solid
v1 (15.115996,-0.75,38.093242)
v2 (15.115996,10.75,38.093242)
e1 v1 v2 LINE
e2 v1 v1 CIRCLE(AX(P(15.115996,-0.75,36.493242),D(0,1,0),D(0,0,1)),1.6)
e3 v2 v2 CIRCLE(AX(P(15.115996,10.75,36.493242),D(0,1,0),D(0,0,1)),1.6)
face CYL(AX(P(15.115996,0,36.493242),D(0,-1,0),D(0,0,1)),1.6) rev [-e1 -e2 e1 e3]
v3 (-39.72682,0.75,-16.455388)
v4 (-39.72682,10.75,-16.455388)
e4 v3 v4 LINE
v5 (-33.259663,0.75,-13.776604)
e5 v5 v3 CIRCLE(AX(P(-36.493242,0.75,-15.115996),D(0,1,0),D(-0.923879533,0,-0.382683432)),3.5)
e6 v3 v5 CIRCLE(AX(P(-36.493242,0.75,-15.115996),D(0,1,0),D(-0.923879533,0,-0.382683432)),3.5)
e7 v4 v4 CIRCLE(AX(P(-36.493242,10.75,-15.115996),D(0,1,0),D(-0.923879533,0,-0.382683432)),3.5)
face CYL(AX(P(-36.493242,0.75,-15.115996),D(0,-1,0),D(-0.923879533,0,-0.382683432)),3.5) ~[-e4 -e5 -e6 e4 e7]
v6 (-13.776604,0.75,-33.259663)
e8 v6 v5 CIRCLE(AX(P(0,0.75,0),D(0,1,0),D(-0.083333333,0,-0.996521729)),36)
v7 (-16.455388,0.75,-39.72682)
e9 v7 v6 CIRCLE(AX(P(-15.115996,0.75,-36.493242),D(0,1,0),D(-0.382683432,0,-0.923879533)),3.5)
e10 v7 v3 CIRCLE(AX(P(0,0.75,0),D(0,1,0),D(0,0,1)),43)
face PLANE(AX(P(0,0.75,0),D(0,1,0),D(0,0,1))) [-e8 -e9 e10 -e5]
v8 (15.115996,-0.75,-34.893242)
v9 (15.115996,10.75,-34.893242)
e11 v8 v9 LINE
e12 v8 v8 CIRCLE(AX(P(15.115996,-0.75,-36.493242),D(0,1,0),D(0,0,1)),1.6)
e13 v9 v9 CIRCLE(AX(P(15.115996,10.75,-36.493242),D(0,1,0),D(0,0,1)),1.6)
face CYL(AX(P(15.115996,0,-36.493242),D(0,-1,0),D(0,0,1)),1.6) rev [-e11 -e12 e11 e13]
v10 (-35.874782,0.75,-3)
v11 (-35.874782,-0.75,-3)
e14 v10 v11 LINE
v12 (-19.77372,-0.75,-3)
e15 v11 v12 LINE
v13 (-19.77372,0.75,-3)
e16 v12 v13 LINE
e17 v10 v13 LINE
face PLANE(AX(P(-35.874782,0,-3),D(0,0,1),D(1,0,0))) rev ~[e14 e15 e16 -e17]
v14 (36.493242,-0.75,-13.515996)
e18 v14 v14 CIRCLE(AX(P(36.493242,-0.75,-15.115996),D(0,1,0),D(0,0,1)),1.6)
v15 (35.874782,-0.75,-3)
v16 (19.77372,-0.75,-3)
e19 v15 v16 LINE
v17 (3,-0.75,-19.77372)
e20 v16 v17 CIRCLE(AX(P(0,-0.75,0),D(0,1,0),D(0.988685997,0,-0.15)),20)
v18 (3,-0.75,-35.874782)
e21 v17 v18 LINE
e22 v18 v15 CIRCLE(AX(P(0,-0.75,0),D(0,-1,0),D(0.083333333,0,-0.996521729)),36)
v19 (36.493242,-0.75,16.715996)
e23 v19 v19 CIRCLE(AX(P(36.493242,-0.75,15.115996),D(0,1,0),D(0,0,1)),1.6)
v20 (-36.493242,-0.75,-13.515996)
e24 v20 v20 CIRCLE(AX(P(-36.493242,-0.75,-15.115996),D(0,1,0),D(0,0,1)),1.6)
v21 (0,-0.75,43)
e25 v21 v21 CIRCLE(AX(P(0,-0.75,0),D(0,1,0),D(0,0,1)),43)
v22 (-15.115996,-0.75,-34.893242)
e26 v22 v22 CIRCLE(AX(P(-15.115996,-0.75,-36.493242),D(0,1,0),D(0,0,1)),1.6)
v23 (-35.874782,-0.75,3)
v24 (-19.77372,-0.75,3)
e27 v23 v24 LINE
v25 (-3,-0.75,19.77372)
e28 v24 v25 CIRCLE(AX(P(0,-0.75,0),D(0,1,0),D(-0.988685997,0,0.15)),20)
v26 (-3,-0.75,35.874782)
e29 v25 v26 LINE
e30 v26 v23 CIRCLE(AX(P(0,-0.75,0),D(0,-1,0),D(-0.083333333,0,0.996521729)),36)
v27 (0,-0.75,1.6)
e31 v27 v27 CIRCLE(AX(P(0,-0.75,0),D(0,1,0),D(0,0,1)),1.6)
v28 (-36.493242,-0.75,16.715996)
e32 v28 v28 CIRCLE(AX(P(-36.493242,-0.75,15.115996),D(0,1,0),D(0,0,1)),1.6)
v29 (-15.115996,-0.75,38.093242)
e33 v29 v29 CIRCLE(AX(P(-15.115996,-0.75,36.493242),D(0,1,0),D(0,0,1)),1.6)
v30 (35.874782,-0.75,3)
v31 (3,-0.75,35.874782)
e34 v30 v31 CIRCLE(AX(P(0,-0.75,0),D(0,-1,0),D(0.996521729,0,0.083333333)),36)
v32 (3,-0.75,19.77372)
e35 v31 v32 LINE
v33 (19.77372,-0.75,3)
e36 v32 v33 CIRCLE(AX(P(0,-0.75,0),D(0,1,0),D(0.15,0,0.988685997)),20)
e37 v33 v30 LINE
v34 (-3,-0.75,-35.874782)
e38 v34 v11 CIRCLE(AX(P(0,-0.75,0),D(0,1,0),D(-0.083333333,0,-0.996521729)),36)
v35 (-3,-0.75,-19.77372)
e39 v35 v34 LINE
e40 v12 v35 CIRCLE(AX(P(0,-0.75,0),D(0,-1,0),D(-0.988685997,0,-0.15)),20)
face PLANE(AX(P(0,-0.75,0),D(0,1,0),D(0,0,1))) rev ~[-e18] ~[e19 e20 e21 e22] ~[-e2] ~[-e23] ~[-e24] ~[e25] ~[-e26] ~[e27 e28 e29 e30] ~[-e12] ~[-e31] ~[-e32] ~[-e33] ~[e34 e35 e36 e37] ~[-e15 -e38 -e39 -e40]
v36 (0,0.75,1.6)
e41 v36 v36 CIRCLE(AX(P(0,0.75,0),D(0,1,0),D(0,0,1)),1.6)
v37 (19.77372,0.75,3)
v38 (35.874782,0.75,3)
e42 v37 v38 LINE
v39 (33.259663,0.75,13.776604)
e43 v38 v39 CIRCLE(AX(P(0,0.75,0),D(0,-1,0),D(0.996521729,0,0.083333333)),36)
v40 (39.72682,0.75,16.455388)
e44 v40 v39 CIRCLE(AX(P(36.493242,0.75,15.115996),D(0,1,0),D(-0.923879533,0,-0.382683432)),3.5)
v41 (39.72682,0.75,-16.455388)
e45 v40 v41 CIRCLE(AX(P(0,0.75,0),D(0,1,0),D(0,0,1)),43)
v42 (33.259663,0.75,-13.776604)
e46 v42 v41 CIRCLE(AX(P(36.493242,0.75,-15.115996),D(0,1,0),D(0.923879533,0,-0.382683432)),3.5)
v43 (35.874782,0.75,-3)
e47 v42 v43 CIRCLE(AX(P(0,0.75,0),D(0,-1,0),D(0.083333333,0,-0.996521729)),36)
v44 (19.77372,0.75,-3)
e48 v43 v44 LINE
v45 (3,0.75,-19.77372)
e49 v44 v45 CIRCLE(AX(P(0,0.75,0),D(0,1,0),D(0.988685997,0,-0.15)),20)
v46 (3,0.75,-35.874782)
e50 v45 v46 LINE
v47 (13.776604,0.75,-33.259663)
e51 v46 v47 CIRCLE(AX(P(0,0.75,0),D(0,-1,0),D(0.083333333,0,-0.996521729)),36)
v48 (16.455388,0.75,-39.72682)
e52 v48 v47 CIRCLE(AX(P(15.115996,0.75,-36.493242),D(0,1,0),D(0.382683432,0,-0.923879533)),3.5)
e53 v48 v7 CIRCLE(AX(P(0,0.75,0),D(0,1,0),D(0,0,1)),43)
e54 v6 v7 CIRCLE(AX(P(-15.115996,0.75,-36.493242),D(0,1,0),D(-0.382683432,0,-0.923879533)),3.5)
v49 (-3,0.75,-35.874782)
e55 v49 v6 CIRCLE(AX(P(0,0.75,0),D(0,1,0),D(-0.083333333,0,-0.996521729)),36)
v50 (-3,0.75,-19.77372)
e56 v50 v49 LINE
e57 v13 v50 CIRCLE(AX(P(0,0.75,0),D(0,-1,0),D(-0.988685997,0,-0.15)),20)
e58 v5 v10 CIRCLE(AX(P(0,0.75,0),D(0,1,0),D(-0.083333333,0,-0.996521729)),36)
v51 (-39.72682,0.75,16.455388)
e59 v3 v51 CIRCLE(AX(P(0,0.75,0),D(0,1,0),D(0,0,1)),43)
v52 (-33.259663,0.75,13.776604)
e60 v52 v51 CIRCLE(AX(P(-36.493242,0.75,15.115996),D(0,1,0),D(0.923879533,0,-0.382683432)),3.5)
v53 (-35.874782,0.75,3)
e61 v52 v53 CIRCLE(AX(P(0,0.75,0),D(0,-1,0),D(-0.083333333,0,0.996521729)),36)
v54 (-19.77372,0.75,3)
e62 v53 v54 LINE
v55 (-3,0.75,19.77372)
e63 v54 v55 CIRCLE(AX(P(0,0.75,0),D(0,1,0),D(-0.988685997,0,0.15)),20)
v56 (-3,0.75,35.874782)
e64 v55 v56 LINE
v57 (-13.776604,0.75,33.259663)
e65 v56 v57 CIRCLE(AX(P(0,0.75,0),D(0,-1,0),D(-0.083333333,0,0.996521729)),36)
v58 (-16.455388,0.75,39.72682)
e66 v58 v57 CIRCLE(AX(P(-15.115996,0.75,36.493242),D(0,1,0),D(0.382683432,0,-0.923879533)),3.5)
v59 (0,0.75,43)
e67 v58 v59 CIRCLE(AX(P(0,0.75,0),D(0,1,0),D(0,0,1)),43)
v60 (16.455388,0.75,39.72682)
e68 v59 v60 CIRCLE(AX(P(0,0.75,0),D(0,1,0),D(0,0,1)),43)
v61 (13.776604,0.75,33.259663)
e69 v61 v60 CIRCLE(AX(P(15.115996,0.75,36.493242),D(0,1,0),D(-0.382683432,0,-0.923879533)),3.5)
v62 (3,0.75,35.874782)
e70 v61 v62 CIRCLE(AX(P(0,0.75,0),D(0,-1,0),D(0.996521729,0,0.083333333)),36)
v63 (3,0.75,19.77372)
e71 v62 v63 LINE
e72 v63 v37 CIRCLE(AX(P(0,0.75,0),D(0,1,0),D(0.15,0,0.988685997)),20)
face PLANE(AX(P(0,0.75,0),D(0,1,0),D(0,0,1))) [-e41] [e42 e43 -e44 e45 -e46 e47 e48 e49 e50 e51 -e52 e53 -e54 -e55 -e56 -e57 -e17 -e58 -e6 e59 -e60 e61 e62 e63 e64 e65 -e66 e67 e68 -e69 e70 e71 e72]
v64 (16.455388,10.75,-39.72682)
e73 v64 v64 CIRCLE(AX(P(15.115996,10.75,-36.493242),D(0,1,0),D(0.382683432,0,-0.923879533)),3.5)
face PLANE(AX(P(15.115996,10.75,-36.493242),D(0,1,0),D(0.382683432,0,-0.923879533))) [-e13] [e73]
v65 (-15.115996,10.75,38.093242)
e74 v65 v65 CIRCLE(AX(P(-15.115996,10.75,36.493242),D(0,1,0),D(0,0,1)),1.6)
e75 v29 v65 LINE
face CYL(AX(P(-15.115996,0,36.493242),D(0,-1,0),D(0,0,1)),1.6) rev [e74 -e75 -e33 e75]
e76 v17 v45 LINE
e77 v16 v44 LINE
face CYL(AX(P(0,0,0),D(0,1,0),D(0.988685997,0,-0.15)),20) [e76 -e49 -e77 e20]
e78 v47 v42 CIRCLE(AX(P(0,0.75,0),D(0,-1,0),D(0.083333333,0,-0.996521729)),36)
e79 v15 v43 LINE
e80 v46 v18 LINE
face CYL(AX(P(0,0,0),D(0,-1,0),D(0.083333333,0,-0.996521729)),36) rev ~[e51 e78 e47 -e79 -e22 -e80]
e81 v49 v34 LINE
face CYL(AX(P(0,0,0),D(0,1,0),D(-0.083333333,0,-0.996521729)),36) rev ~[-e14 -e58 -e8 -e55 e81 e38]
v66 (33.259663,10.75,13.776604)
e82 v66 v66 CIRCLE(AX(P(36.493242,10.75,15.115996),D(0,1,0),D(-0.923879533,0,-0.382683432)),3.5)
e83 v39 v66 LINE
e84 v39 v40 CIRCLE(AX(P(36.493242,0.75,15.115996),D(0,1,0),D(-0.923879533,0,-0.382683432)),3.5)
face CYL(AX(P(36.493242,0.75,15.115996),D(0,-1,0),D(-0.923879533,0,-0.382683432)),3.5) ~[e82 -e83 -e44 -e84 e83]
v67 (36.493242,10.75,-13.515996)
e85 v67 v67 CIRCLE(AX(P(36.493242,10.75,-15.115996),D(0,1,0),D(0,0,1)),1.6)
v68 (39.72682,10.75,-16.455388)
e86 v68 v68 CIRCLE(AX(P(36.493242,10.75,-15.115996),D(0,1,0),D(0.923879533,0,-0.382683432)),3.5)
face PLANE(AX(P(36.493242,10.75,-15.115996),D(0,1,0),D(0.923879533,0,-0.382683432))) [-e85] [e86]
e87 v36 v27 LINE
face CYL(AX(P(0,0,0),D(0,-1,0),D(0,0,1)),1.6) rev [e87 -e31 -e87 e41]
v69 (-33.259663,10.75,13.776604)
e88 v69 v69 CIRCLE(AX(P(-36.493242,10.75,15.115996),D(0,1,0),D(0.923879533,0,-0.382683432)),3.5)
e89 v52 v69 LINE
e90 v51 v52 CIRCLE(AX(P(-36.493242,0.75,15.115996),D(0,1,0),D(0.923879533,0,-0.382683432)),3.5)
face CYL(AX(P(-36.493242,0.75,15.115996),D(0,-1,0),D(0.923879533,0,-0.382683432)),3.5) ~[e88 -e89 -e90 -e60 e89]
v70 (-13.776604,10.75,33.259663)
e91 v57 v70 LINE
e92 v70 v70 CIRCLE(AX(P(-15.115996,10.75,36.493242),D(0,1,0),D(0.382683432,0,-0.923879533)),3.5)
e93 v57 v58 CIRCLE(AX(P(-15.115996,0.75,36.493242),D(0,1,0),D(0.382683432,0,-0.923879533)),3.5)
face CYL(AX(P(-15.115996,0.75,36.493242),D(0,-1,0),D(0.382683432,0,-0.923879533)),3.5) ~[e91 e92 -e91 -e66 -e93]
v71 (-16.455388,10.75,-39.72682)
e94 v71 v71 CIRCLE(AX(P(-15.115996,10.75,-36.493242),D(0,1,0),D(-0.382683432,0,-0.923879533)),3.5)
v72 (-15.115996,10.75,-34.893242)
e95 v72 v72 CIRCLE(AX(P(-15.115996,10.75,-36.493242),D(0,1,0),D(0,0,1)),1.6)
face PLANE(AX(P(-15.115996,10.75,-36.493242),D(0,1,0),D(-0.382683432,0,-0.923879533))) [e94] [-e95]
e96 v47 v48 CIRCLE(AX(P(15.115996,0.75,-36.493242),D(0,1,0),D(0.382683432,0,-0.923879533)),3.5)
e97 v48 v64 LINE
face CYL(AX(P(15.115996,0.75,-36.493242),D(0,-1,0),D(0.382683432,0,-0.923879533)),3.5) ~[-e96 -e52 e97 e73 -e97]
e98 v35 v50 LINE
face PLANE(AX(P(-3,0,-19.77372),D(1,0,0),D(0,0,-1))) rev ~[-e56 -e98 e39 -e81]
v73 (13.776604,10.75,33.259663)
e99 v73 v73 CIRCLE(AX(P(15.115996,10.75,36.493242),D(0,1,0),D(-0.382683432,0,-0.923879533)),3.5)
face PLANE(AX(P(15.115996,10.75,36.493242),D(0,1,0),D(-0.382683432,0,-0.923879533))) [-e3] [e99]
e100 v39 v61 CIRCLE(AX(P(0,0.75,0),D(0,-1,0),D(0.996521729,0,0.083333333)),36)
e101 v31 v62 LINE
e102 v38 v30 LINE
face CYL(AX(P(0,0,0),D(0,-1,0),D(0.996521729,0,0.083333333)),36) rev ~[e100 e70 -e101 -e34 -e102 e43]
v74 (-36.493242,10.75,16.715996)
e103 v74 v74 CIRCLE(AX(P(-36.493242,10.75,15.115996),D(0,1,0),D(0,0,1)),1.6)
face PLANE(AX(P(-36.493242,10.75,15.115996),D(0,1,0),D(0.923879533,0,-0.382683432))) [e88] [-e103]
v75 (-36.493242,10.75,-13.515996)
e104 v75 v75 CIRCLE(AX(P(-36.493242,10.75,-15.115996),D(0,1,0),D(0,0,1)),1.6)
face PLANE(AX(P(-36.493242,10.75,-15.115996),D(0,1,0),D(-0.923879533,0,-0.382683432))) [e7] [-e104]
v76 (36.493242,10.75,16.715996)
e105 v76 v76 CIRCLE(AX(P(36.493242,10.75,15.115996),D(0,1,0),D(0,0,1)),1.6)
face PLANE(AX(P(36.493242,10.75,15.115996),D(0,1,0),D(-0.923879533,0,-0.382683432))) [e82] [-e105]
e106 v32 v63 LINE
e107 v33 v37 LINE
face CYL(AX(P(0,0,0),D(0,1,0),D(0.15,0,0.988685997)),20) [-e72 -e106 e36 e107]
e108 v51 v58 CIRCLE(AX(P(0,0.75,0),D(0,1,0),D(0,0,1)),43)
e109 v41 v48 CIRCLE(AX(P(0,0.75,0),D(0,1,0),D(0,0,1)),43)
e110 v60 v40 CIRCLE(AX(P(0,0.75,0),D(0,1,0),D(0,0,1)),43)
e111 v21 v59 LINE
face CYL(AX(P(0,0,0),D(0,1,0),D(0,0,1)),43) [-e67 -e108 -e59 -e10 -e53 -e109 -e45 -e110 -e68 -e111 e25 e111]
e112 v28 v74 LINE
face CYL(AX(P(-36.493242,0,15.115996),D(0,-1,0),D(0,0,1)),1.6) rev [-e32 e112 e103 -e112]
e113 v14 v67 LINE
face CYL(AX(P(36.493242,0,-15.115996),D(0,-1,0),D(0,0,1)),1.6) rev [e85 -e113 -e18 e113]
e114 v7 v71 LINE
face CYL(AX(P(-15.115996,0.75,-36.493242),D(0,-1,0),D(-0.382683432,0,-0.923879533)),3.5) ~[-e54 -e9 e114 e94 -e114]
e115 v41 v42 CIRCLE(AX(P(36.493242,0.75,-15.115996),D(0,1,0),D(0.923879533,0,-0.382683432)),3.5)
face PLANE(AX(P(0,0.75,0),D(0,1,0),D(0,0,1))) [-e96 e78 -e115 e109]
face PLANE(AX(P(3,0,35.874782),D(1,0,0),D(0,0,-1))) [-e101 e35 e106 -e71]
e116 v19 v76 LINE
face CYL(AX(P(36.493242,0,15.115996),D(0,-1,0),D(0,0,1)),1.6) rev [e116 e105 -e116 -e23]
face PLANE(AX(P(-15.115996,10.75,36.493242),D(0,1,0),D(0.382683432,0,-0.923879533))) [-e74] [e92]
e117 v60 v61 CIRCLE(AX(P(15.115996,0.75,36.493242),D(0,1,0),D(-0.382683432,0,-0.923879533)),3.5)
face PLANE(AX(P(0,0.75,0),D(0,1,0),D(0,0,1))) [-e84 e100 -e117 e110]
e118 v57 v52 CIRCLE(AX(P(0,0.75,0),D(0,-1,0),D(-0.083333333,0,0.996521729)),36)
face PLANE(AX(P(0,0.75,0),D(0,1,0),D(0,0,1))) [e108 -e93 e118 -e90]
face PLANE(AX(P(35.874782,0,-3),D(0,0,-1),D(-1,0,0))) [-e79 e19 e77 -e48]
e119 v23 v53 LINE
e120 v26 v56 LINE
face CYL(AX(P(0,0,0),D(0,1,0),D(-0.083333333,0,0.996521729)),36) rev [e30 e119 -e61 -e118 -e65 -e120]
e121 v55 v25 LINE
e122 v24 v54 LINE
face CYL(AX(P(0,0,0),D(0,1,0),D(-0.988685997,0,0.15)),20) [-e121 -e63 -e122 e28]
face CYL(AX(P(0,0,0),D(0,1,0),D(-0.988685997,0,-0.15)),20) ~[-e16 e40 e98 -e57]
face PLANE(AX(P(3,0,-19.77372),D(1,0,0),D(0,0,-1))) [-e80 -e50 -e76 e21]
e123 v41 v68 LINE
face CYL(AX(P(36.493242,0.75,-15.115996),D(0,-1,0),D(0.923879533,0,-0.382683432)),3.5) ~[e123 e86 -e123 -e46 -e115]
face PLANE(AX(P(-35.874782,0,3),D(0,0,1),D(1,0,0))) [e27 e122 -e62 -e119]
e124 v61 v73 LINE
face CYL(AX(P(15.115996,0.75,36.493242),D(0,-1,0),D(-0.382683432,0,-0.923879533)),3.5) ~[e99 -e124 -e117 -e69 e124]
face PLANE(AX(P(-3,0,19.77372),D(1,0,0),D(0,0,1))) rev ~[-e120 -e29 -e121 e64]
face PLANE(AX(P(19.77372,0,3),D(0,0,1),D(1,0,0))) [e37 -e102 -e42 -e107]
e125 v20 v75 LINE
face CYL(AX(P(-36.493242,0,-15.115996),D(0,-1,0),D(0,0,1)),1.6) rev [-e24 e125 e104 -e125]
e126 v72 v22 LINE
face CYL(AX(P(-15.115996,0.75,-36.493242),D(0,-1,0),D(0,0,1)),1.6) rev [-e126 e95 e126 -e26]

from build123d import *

# Parameters (mm, degrees)
ESBO_O1_R                = 43
ESBO_O1_R_2              = 1.6
RESSALTO_EXTRUS_O1_DEPTH = 0.75
ESBO_O2_R                = 3.5
ESBO_O2_R_2              = 1.6
RESSALTO_EXTRUS_O3_DEPTH = 10


with BuildPart() as part:
    # Esboço1 → Ressalto-extrusão1 (new, symmetric)
    with BuildSketch(Plane(origin=(0, 0, 0), x_dir=(1, 0, 0), z_dir=(0, 1, 0))):
        with Locations(Location((0, 0, 0), (0, 0, 270))):
            Circle(ESBO_O1_R)
        with Locations(Location((-36.493241534, 15.115995578, 0), (0, 0, 270))):
            Circle(ESBO_O1_R_2, mode=Mode.SUBTRACT)
        with Locations(Location((-15.115995578, 36.493241534, 0), (0, 0, 270))):
            Circle(ESBO_O1_R_2, mode=Mode.SUBTRACT)
        with Locations(Location((15.115995578, 36.493241534, 0), (0, 0, 270))):
            Circle(ESBO_O1_R_2, mode=Mode.SUBTRACT)
        with Locations(Location((36.493241534, 15.115995578, 0), (0, 0, 270))):
            Circle(ESBO_O1_R_2, mode=Mode.SUBTRACT)
        with Locations(Location((36.493241534, -15.115995578, 0), (0, 0, 270))):
            Circle(ESBO_O1_R_2, mode=Mode.SUBTRACT)
        with Locations(Location((15.115995578, -36.493241534, 0), (0, 0, 270))):
            Circle(ESBO_O1_R_2, mode=Mode.SUBTRACT)
        with Locations(Location((-15.115995578, -36.493241534, 0), (0, 0, 270))):
            Circle(ESBO_O1_R_2, mode=Mode.SUBTRACT)
        with Locations(Location((-36.493241534, -15.115995578, 0), (0, 0, 270))):
            Circle(ESBO_O1_R_2, mode=Mode.SUBTRACT)
        with Locations(Location((0, 0, 0), (0, 0, 270))):
            Circle(ESBO_O1_R_2, mode=Mode.SUBTRACT)
        with BuildLine():
            Line((-3, 19.773719933), (-3, 35.874782229))
            ThreePointArc((-3, 35.874782229), (-25.455844123, 25.455844123), (-35.874782229, 3))
            Line((-35.874782229, 3), (-19.773719933, 3))
            ThreePointArc((-19.773719933, 3), (-14.142135624, 14.142135624), (-3, 19.773719933))
        make_face(mode=Mode.SUBTRACT)
        with BuildLine():
            Line((3, 19.773719933), (3, 35.874782229))
            ThreePointArc((3, 35.874782229), (25.455844123, 25.455844123), (35.874782229, 3))
            Line((35.874782229, 3), (19.773719933, 3))
            ThreePointArc((19.773719933, 3), (14.142135624, 14.142135624), (3, 19.773719933))
        make_face(mode=Mode.SUBTRACT)
        with BuildLine():
            Line((19.773719933, -3), (35.874782229, -3))
            ThreePointArc((35.874782229, -3), (25.455844123, -25.455844123), (3, -35.874782229))
            Line((3, -35.874782229), (3, -19.773719933))
            ThreePointArc((3, -19.773719933), (14.142135624, -14.142135624), (19.773719933, -3))
        make_face(mode=Mode.SUBTRACT)
        with BuildLine():
            Line((-3, -19.773719933), (-3, -35.874782229))
            ThreePointArc((-3, -35.874782229), (-25.455844123, -25.455844123), (-35.874782229, -3))
            Line((-35.874782229, -3), (-19.773719933, -3))
            ThreePointArc((-19.773719933, -3), (-14.142135624, -14.142135624), (-3, -19.773719933))
        make_face(mode=Mode.SUBTRACT)
    extrude(amount=RESSALTO_EXTRUS_O1_DEPTH, both=True)

    # Esboço2 → Ressalto-extrusão3 (add)
    # profile 1 of 8: a face of its own
    with BuildSketch(Plane(origin=(0, 0.75, 0), x_dir=(1, 0, 0), z_dir=(0, 1, 0))):
        with Locations(Location((-15.115995578, 36.493241534, 0), (0, 0, 112.5))):
            Circle(ESBO_O2_R)
        with Locations(Location((-15.115995578, 36.493241534, 0), (0, 0, 270))):
            Circle(ESBO_O2_R_2, mode=Mode.SUBTRACT)
    # profile 2 of 8: a face of its own
    with BuildSketch(Plane(origin=(0, 0.75, 0), x_dir=(1, 0, 0), z_dir=(0, 1, 0))):
        with Locations(Location((15.115995578, 36.493241534, 0), (0, 0, 67.5))):
            Circle(ESBO_O2_R)
        with Locations(Location((15.115995578, 36.493241534, 0), (0, 0, 270))):
            Circle(ESBO_O2_R_2, mode=Mode.SUBTRACT)
    # profile 3 of 8: a face of its own
    with BuildSketch(Plane(origin=(0, 0.75, 0), x_dir=(1, 0, 0), z_dir=(0, 1, 0))):
        with Locations(Location((36.493241534, 15.115995578, 0), (0, 0, 22.5))):
            Circle(ESBO_O2_R)
        with Locations(Location((36.493241534, 15.115995578, 0), (0, 0, 270))):
            Circle(ESBO_O2_R_2, mode=Mode.SUBTRACT)
    # profile 4 of 8: a face of its own
    with BuildSketch(Plane(origin=(0, 0.75, 0), x_dir=(1, 0, 0), z_dir=(0, 1, 0))):
        with Locations(Location((36.493241534, -15.115995578, 0), (0, 0, 157.5))):
            Circle(ESBO_O2_R)
        with Locations(Location((36.493241534, -15.115995578, 0), (0, 0, 270))):
            Circle(ESBO_O2_R_2, mode=Mode.SUBTRACT)
    # profile 5 of 8: a face of its own
    with BuildSketch(Plane(origin=(0, 0.75, 0), x_dir=(1, 0, 0), z_dir=(0, 1, 0))):
        with Locations(Location((15.115995578, -36.493241534, 0), (0, 0, 112.5))):
            Circle(ESBO_O2_R)
        with Locations(Location((15.115995578, -36.493241534, 0), (0, 0, 270))):
            Circle(ESBO_O2_R_2, mode=Mode.SUBTRACT)
    # profile 6 of 8: a face of its own
    with BuildSketch(Plane(origin=(0, 0.75, 0), x_dir=(1, 0, 0), z_dir=(0, 1, 0))):
        with Locations(Location((-15.115995578, -36.493241534, 0), (0, 0, 67.5))):
            Circle(ESBO_O2_R)
        with Locations(Location((-15.115995578, -36.493241534, 0), (0, 0, 270))):
            Circle(ESBO_O2_R_2, mode=Mode.SUBTRACT)
    # profile 7 of 8: a face of its own
    with BuildSketch(Plane(origin=(0, 0.75, 0), x_dir=(1, 0, 0), z_dir=(0, 1, 0))):
        with Locations(Location((-36.493241534, -15.115995578, 0), (0, 0, 22.5))):
            Circle(ESBO_O2_R)
        with Locations(Location((-36.493241534, -15.115995578, 0), (0, 0, 270))):
            Circle(ESBO_O2_R_2, mode=Mode.SUBTRACT)
    # profile 8 of 8: a face of its own
    with BuildSketch(Plane(origin=(0, 0.75, 0), x_dir=(1, 0, 0), z_dir=(0, 1, 0))):
        with Locations(Location((-36.493241534, 15.115995578, 0), (0, 0, 157.5))):
            Circle(ESBO_O2_R)
        with Locations(Location((-36.493241534, 15.115995578, 0), (0, 0, 270))):
            Circle(ESBO_O2_R_2, mode=Mode.SUBTRACT)
    extrude(amount=RESSALTO_EXTRUS_O3_DEPTH)


solid = part.part
